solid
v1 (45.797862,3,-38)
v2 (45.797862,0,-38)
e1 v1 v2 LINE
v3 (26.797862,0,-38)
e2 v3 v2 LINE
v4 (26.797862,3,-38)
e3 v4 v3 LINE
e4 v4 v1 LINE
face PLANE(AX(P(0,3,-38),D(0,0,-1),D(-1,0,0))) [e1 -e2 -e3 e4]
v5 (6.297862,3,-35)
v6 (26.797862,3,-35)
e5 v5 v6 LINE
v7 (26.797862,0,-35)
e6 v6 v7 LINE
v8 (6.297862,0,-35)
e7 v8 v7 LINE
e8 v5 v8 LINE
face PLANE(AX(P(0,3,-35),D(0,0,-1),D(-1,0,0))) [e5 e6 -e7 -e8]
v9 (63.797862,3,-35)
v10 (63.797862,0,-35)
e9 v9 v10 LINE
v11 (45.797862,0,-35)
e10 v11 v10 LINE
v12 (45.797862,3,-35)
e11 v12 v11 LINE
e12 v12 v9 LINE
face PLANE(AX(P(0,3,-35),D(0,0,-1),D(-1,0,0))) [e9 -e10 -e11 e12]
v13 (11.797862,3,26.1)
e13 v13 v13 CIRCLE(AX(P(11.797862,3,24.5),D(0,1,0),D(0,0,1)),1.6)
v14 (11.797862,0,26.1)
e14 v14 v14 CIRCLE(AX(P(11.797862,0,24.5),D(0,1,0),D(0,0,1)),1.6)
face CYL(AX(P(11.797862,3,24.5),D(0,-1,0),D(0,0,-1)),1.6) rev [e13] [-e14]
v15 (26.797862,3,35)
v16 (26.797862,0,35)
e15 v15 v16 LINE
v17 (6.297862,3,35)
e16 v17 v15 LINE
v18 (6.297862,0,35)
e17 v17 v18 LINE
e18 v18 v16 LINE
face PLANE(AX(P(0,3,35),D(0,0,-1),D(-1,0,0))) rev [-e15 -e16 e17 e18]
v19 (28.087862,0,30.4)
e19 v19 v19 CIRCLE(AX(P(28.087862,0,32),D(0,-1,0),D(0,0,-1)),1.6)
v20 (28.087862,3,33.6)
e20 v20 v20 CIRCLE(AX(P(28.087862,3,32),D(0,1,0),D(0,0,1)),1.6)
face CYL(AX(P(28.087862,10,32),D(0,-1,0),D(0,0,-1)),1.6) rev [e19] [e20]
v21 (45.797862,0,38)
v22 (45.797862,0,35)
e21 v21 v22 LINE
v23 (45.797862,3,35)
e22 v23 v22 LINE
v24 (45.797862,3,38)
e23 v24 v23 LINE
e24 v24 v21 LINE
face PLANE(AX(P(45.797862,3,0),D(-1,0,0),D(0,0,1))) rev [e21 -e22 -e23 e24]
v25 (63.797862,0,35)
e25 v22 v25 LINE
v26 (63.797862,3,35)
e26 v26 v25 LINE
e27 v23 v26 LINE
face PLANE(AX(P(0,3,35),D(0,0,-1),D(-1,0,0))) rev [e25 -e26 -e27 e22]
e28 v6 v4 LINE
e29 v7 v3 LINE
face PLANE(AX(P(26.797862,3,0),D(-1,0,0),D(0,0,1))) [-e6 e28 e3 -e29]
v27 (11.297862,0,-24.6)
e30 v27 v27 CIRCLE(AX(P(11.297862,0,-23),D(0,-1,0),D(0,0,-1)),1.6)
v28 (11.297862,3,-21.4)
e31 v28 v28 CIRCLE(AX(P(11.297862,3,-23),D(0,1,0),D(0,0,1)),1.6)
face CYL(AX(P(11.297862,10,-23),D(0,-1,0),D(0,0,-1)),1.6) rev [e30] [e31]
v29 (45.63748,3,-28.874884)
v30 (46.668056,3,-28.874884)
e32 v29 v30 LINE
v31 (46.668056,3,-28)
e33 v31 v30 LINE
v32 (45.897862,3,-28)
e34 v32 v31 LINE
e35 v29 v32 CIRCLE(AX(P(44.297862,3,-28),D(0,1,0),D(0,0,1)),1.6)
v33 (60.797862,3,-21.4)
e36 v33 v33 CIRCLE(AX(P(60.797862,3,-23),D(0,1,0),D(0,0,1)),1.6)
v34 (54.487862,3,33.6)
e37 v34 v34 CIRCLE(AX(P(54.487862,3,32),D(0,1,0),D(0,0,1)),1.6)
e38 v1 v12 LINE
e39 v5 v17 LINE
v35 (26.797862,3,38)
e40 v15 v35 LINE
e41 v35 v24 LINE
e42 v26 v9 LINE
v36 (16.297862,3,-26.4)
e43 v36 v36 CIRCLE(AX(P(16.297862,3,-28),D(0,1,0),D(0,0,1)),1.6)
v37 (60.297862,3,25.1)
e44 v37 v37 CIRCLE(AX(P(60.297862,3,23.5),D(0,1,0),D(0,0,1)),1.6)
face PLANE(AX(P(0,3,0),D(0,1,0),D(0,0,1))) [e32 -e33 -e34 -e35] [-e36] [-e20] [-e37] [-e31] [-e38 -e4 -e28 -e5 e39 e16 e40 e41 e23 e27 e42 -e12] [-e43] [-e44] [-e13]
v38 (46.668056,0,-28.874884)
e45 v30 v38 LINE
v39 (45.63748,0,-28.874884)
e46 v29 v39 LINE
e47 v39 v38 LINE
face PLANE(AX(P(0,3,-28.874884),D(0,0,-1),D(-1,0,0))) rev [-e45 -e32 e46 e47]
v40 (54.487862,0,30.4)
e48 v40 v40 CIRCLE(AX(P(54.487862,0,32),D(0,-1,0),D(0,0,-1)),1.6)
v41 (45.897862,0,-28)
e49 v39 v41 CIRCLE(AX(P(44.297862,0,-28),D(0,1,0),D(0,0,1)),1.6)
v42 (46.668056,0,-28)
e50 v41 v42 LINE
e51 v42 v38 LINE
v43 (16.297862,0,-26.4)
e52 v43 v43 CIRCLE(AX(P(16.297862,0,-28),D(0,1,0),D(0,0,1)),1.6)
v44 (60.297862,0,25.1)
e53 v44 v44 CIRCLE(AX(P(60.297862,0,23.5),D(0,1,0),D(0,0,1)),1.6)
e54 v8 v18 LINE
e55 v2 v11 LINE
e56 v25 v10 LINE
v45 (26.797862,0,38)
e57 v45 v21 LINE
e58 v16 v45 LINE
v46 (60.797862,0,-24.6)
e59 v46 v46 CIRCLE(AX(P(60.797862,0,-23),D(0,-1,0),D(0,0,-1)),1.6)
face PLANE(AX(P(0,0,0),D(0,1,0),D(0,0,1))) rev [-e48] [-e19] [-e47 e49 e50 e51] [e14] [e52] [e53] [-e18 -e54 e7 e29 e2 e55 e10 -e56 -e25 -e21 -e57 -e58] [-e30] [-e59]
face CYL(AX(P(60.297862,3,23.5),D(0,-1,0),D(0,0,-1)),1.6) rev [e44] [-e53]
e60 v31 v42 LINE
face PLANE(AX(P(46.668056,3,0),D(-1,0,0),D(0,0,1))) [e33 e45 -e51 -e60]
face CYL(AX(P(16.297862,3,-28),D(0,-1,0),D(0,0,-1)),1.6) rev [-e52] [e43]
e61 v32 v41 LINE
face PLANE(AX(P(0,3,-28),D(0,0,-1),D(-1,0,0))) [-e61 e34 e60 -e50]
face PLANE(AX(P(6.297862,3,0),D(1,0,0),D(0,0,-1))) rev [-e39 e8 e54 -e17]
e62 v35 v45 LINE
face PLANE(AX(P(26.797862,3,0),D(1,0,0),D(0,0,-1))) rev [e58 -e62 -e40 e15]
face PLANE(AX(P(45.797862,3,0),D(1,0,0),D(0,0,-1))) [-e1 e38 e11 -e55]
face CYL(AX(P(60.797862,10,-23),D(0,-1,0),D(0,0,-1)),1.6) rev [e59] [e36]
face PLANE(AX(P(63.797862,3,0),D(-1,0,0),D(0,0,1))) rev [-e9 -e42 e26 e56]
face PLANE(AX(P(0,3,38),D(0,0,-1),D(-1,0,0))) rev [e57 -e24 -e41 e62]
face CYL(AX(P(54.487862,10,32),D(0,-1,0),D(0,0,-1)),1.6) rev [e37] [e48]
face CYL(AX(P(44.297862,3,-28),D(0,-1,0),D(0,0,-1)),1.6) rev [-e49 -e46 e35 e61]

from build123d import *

# Parameters (mm, degrees)
SKETCH1_R           = 1.6
BOSS_EXTRUDE1_DEPTH = 3
SKETCH3_R           = 1.6
CUT_EXTRUDE1_DEPTH  = 10


with BuildPart() as part:
    # Sketch1 → Boss-Extrude1 (new body)
    with BuildSketch(Plane(origin=(0, 0, 0), x_dir=(1, 0, 0), z_dir=(0, 1, 0))):
        Polygon((63.79786164, -35), (63.79786164, 35), (45.79786164, 35), (45.79786164, 38), (26.79786164, 38), (26.79786164, 35), (8.79786164, 35), (6.29786164, 35), (6.29786164, -35), (8.79786164, -35), (26.79786164, -35), (26.79786164, -38), (45.79786164, -38), (45.79786164, -35), align=None)
        with Locations(Location((11.79786164, -24.5, 0), (0, 0, 270))):
            Circle(SKETCH1_R, mode=Mode.SUBTRACT)
        with Locations(Location((60.29786164, -23.5, 0), (0, 0, 270))):
            Circle(SKETCH1_R, mode=Mode.SUBTRACT)
        with Locations(Location((16.29786164, 28, 0), (0, 0, 270))):
            Circle(SKETCH1_R, mode=Mode.SUBTRACT)
        with BuildLine():
            Line((45.89786164, 28), (46.668055556, 28))
            Line((46.668055556, 28), (46.668055556, 28.874884233))
            Line((46.668055556, 28.874884233), (45.637480085, 28.874884233))
            ThreePointArc((45.637480085, 28.874884233), (42.764338, 27.543595307), (45.89786164, 28))
        make_face(mode=Mode.SUBTRACT)
    extrude(amount=BOSS_EXTRUDE1_DEPTH)

    # Sketch3 → Cut-Extrude1 (cut)
    with BuildSketch(Plane.XZ):
        with Locations(Location((11.29786164, -23, 0), (0, 0, 270))):
            Circle(SKETCH3_R)
        with Locations(Location((60.79786164, -23, 0), (0, 0, 270))):
            Circle(SKETCH3_R)
        with Locations(Location((54.48786164, 32, 0), (0, 0, 270))):
            Circle(SKETCH3_R)
        with Locations(Location((28.08786164, 32, 0), (0, 0, 270))):
            Circle(SKETCH3_R)
    extrude(amount=-CUT_EXTRUDE1_DEPTH, mode=Mode.SUBTRACT)


solid = part.part
